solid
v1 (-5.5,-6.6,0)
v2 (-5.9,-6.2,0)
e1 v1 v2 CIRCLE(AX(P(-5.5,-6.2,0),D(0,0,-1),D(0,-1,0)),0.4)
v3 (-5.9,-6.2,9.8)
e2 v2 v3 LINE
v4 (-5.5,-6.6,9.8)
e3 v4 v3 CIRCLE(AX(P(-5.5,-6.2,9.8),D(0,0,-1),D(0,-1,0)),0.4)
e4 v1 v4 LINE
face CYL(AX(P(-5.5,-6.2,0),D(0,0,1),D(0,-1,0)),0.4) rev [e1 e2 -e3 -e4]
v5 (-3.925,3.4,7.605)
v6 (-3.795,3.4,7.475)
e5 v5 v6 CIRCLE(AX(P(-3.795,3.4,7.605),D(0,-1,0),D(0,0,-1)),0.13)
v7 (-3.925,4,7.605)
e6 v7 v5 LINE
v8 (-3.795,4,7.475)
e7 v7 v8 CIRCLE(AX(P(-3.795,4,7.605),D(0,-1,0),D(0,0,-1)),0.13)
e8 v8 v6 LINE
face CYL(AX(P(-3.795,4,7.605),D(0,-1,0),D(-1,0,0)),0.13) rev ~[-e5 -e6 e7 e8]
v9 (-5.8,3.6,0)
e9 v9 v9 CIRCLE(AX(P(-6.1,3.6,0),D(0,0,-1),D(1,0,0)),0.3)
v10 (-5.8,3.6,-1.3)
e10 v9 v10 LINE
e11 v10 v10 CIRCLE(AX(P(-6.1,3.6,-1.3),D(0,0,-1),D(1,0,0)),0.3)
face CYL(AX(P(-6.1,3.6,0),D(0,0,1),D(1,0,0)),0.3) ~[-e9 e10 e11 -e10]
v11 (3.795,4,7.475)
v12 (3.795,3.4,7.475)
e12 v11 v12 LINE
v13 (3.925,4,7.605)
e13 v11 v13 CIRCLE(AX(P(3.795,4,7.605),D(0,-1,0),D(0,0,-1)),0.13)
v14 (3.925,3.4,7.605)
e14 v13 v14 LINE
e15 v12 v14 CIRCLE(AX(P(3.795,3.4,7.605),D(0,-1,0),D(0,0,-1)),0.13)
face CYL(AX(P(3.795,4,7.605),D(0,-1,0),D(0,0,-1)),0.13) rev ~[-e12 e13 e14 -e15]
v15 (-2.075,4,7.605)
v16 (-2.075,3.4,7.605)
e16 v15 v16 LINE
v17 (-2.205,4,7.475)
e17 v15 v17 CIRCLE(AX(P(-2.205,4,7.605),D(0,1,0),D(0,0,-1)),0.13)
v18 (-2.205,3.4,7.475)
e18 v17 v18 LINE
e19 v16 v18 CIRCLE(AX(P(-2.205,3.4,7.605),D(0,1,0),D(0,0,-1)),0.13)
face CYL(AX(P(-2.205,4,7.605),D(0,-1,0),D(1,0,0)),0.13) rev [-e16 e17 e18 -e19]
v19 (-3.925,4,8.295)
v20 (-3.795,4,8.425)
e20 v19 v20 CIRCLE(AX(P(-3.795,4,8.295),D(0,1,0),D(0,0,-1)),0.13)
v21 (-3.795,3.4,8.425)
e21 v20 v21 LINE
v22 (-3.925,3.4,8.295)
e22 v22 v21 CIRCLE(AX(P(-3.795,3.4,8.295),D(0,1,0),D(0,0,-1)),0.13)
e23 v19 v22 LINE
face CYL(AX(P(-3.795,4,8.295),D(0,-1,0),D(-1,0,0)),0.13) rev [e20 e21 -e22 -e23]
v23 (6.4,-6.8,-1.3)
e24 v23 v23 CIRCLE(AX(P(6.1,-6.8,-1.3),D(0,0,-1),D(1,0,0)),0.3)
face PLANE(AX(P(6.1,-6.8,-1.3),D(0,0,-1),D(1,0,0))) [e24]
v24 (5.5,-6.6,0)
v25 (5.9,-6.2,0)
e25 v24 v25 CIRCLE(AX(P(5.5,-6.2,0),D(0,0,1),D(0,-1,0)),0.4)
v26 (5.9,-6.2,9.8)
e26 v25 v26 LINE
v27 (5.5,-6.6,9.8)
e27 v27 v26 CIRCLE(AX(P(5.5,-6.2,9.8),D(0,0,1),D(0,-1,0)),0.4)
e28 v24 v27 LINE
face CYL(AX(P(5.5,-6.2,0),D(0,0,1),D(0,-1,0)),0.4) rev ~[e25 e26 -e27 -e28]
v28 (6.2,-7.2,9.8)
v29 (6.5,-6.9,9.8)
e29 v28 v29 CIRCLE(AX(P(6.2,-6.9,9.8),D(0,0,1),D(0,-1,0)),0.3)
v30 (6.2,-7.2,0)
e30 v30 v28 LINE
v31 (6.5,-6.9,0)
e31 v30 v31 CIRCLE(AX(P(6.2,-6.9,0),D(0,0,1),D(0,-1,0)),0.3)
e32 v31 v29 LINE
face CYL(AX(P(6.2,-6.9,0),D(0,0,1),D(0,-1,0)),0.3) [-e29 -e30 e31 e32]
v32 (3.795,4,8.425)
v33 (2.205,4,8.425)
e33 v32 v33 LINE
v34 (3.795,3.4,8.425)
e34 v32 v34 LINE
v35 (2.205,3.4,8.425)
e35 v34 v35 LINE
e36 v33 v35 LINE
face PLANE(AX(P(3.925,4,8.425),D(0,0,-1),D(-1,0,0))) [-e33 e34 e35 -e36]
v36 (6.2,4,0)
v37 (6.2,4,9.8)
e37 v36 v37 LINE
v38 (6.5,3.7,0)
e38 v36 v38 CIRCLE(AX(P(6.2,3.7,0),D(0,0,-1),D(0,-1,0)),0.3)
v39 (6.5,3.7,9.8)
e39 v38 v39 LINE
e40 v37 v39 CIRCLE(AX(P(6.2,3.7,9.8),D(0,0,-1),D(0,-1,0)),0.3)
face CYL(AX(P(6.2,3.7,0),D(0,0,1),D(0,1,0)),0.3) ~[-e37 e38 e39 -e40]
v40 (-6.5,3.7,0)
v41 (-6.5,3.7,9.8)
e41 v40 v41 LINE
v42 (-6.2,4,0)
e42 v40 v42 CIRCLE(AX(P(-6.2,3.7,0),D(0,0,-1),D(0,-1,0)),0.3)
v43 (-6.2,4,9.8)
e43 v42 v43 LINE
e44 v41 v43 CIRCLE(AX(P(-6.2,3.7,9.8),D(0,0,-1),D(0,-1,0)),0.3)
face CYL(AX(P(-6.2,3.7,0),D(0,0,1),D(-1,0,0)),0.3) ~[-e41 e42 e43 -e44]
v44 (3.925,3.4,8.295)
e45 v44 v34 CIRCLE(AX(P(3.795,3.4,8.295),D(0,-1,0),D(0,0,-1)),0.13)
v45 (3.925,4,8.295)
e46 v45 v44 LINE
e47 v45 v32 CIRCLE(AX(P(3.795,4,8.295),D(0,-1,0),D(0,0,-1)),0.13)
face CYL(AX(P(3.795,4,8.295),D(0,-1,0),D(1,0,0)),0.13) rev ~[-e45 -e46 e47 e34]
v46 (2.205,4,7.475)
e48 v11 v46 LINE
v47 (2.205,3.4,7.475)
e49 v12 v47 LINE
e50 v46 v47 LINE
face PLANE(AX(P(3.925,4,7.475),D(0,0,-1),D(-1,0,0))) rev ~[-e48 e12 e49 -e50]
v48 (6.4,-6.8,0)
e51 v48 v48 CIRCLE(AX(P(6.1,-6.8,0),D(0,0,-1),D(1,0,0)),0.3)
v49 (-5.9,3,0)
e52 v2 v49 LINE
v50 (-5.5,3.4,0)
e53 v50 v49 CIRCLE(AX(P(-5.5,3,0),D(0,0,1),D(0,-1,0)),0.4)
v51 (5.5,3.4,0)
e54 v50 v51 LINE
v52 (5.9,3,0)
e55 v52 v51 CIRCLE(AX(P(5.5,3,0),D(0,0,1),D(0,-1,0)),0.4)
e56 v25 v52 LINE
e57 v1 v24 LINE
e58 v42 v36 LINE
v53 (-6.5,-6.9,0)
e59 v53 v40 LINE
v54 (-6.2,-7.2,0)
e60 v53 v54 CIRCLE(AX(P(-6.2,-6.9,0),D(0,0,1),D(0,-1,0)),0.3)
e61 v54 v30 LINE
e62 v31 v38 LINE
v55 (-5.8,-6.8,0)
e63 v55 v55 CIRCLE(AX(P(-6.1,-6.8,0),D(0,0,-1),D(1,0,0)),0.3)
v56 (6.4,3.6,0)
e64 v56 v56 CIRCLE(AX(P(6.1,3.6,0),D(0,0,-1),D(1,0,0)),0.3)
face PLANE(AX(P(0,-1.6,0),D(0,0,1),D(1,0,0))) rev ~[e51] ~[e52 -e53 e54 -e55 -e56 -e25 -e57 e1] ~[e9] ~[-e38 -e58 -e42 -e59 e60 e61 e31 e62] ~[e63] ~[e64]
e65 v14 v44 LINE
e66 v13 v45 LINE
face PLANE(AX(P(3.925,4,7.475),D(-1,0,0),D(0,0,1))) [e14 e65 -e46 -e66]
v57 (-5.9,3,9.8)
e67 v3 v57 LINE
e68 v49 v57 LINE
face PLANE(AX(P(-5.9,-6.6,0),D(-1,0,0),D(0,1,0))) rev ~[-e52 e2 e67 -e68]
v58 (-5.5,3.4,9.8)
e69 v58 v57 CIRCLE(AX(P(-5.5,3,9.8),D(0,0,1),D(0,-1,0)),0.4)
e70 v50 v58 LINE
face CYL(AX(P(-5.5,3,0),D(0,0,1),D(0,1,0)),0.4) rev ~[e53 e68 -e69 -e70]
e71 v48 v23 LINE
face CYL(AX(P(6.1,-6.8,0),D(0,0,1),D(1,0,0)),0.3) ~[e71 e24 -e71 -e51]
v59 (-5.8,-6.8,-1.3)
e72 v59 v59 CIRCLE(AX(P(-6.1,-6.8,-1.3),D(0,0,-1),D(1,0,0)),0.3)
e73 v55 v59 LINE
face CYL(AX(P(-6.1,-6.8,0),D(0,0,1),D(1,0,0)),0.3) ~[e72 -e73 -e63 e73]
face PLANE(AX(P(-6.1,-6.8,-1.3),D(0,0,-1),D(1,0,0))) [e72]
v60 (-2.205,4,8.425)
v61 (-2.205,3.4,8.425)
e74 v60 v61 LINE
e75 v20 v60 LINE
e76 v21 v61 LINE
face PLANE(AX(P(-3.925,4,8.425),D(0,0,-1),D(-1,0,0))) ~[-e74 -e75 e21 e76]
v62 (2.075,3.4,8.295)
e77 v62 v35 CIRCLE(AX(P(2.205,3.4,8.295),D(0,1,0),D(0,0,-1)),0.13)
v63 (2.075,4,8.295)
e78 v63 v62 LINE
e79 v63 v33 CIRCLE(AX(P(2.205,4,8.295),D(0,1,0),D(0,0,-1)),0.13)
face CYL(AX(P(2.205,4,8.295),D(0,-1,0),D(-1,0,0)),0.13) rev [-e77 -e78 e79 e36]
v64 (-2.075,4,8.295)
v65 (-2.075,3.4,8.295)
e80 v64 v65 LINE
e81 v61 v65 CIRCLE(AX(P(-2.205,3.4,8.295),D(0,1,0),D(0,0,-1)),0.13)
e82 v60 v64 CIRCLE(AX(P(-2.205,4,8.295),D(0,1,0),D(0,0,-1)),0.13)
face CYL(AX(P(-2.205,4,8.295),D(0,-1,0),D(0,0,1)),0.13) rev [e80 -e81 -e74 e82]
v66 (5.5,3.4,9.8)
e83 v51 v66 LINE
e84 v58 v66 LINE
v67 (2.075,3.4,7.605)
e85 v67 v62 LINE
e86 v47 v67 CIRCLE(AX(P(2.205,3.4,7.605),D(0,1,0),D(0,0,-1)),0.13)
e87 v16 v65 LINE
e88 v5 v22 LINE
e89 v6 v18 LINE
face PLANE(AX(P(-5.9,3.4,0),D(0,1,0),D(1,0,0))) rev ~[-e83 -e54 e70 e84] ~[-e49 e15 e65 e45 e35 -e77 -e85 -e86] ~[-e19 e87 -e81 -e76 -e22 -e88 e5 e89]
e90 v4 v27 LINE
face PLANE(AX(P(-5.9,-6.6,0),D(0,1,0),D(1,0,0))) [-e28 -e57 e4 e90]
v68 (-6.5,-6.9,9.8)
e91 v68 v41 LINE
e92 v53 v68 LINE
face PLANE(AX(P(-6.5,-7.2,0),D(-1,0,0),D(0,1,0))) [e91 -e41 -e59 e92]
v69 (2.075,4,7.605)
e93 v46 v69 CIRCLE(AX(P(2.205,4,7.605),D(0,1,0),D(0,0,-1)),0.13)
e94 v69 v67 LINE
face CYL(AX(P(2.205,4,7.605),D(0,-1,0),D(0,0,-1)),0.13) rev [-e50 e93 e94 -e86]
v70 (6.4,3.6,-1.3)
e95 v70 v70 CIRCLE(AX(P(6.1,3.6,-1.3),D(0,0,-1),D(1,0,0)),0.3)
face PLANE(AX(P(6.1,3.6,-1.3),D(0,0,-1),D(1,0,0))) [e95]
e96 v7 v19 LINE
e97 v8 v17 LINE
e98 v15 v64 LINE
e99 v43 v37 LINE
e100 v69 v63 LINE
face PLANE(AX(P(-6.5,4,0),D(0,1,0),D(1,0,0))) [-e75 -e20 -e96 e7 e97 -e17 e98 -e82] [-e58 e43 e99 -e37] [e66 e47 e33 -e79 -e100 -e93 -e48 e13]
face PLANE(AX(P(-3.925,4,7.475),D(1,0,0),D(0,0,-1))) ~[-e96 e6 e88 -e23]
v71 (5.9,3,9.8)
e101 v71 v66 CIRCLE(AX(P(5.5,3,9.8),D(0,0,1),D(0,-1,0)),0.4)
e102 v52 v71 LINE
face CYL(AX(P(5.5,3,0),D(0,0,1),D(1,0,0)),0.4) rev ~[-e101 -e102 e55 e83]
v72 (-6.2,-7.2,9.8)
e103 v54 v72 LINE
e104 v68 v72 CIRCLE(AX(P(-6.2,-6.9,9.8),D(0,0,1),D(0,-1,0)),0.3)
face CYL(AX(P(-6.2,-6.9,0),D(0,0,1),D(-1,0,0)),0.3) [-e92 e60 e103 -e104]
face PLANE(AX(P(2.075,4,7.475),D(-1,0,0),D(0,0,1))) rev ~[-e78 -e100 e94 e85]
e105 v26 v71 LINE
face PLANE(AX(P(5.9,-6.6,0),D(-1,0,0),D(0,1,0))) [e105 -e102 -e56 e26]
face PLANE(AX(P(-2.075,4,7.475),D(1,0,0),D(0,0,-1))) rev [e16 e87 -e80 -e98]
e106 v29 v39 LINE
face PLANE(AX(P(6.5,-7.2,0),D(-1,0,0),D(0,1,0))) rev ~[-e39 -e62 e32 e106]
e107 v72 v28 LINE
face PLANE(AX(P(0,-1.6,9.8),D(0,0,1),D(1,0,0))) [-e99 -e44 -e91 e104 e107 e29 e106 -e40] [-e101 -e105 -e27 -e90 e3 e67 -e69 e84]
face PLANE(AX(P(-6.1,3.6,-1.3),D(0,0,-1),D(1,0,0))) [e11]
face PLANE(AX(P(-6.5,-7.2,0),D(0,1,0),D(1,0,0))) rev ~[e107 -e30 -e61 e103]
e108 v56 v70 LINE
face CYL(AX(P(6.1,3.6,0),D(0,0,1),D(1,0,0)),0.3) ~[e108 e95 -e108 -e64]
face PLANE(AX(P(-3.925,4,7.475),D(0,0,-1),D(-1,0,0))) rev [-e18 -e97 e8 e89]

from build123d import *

# Parameters (mm, degrees)
SKETCH005_W     = 13
SKETCH005_H     = 11.2
SKETCH005_W_2   = 11.8
SKETCH005_H_2   = 10
PAD003_DEPTH    = 9.8
FILLET005_R     = 0.3
FILLET006_R     = 0.4
SKETCH006_W     = 1.85
SKETCH006_H     = 0.95
POCKET002_DEPTH = 0.6
FILLET007_R     = 0.13
SKETCH007_R     = 0.3
PAD004_DEPTH    = 1.3


with BuildPart() as part:
    # Sketch005 → Pad003 (new body)
    with BuildSketch(Plane.XY):
        with Locations((0, -1.6)):
            Rectangle(SKETCH005_W, SKETCH005_H)
        with Locations((0, -1.6)):
            Rectangle(SKETCH005_W_2, SKETCH005_H_2, mode=Mode.SUBTRACT)
    extrude(amount=PAD003_DEPTH)

    # Fillet005
    fillet005_edges = [part.edges().sort_by_distance(p)[0] for p in [
        (-6.5, 4, 4.9),
        (-6.5, -7.2, 4.9),
        (6.5, -7.2, 4.9),
        (6.5, 4, 4.9),
    ]]
    fillet(fillet005_edges, radius=FILLET005_R)

    # Fillet006
    fillet006_edges = [part.edges().sort_by_distance(p)[0] for p in [
        (-5.9, -6.6, 4.9),
        (-5.9, 3.4, 4.9),
        (5.9, -6.6, 4.9),
        (5.9, 3.4, 4.9),
    ]]
    fillet(fillet006_edges, radius=FILLET006_R)

    # Sketch006 (on Face10 of Fillet006) → Pocket002 (cut)
    with BuildSketch(Plane(origin=(0, 4, 0), x_dir=(-1, 0, 0), z_dir=(0, 1, 0))):
        with Locations((-3, 7.95)):
            Rectangle(SKETCH006_W, SKETCH006_H)
    pocket002 = extrude(amount=-POCKET002_DEPTH, mode=Mode.SUBTRACT)

    # Mirrored001: Pocket002 across Sketch006 V_Axis
    add(pocket002.mirror(Plane(origin=(0, 4, 0), x_dir=(0, 1, 0), z_dir=(-1, 0, 0))), mode=Mode.SUBTRACT)

    # Fillet007
    fillet007_edges = [part.edges().sort_by_distance(p)[0] for p in [
        (2.075, 3.7, 8.425),
        (2.075, 3.7, 7.475),
        (-3.925, 3.7, 7.475),
        (-3.925, 3.7, 8.425),
        (-2.075, 3.7, 8.425),
        (-2.075, 3.7, 7.475),
        (3.925, 3.7, 7.475),
        (3.925, 3.7, 8.425),
    ]]
    fillet(fillet007_edges, radius=FILLET007_R)

    # Sketch007 (on Face10 of Fillet007) → Pad004 (join)
    with BuildSketch(Plane(origin=(0, 0, 0), x_dir=(1, 0, 0), z_dir=(0, 0, -1))):
        with Locations((-6.1, 6.8)):
            Circle(SKETCH007_R)
        with Locations((6.1, 6.8)):
            Circle(SKETCH007_R)
        with Locations((-6.1, -3.6)):
            Circle(SKETCH007_R)
        with Locations((6.1, -3.6)):
            Circle(SKETCH007_R)
    extrude(amount=PAD004_DEPTH)


solid = part.part
